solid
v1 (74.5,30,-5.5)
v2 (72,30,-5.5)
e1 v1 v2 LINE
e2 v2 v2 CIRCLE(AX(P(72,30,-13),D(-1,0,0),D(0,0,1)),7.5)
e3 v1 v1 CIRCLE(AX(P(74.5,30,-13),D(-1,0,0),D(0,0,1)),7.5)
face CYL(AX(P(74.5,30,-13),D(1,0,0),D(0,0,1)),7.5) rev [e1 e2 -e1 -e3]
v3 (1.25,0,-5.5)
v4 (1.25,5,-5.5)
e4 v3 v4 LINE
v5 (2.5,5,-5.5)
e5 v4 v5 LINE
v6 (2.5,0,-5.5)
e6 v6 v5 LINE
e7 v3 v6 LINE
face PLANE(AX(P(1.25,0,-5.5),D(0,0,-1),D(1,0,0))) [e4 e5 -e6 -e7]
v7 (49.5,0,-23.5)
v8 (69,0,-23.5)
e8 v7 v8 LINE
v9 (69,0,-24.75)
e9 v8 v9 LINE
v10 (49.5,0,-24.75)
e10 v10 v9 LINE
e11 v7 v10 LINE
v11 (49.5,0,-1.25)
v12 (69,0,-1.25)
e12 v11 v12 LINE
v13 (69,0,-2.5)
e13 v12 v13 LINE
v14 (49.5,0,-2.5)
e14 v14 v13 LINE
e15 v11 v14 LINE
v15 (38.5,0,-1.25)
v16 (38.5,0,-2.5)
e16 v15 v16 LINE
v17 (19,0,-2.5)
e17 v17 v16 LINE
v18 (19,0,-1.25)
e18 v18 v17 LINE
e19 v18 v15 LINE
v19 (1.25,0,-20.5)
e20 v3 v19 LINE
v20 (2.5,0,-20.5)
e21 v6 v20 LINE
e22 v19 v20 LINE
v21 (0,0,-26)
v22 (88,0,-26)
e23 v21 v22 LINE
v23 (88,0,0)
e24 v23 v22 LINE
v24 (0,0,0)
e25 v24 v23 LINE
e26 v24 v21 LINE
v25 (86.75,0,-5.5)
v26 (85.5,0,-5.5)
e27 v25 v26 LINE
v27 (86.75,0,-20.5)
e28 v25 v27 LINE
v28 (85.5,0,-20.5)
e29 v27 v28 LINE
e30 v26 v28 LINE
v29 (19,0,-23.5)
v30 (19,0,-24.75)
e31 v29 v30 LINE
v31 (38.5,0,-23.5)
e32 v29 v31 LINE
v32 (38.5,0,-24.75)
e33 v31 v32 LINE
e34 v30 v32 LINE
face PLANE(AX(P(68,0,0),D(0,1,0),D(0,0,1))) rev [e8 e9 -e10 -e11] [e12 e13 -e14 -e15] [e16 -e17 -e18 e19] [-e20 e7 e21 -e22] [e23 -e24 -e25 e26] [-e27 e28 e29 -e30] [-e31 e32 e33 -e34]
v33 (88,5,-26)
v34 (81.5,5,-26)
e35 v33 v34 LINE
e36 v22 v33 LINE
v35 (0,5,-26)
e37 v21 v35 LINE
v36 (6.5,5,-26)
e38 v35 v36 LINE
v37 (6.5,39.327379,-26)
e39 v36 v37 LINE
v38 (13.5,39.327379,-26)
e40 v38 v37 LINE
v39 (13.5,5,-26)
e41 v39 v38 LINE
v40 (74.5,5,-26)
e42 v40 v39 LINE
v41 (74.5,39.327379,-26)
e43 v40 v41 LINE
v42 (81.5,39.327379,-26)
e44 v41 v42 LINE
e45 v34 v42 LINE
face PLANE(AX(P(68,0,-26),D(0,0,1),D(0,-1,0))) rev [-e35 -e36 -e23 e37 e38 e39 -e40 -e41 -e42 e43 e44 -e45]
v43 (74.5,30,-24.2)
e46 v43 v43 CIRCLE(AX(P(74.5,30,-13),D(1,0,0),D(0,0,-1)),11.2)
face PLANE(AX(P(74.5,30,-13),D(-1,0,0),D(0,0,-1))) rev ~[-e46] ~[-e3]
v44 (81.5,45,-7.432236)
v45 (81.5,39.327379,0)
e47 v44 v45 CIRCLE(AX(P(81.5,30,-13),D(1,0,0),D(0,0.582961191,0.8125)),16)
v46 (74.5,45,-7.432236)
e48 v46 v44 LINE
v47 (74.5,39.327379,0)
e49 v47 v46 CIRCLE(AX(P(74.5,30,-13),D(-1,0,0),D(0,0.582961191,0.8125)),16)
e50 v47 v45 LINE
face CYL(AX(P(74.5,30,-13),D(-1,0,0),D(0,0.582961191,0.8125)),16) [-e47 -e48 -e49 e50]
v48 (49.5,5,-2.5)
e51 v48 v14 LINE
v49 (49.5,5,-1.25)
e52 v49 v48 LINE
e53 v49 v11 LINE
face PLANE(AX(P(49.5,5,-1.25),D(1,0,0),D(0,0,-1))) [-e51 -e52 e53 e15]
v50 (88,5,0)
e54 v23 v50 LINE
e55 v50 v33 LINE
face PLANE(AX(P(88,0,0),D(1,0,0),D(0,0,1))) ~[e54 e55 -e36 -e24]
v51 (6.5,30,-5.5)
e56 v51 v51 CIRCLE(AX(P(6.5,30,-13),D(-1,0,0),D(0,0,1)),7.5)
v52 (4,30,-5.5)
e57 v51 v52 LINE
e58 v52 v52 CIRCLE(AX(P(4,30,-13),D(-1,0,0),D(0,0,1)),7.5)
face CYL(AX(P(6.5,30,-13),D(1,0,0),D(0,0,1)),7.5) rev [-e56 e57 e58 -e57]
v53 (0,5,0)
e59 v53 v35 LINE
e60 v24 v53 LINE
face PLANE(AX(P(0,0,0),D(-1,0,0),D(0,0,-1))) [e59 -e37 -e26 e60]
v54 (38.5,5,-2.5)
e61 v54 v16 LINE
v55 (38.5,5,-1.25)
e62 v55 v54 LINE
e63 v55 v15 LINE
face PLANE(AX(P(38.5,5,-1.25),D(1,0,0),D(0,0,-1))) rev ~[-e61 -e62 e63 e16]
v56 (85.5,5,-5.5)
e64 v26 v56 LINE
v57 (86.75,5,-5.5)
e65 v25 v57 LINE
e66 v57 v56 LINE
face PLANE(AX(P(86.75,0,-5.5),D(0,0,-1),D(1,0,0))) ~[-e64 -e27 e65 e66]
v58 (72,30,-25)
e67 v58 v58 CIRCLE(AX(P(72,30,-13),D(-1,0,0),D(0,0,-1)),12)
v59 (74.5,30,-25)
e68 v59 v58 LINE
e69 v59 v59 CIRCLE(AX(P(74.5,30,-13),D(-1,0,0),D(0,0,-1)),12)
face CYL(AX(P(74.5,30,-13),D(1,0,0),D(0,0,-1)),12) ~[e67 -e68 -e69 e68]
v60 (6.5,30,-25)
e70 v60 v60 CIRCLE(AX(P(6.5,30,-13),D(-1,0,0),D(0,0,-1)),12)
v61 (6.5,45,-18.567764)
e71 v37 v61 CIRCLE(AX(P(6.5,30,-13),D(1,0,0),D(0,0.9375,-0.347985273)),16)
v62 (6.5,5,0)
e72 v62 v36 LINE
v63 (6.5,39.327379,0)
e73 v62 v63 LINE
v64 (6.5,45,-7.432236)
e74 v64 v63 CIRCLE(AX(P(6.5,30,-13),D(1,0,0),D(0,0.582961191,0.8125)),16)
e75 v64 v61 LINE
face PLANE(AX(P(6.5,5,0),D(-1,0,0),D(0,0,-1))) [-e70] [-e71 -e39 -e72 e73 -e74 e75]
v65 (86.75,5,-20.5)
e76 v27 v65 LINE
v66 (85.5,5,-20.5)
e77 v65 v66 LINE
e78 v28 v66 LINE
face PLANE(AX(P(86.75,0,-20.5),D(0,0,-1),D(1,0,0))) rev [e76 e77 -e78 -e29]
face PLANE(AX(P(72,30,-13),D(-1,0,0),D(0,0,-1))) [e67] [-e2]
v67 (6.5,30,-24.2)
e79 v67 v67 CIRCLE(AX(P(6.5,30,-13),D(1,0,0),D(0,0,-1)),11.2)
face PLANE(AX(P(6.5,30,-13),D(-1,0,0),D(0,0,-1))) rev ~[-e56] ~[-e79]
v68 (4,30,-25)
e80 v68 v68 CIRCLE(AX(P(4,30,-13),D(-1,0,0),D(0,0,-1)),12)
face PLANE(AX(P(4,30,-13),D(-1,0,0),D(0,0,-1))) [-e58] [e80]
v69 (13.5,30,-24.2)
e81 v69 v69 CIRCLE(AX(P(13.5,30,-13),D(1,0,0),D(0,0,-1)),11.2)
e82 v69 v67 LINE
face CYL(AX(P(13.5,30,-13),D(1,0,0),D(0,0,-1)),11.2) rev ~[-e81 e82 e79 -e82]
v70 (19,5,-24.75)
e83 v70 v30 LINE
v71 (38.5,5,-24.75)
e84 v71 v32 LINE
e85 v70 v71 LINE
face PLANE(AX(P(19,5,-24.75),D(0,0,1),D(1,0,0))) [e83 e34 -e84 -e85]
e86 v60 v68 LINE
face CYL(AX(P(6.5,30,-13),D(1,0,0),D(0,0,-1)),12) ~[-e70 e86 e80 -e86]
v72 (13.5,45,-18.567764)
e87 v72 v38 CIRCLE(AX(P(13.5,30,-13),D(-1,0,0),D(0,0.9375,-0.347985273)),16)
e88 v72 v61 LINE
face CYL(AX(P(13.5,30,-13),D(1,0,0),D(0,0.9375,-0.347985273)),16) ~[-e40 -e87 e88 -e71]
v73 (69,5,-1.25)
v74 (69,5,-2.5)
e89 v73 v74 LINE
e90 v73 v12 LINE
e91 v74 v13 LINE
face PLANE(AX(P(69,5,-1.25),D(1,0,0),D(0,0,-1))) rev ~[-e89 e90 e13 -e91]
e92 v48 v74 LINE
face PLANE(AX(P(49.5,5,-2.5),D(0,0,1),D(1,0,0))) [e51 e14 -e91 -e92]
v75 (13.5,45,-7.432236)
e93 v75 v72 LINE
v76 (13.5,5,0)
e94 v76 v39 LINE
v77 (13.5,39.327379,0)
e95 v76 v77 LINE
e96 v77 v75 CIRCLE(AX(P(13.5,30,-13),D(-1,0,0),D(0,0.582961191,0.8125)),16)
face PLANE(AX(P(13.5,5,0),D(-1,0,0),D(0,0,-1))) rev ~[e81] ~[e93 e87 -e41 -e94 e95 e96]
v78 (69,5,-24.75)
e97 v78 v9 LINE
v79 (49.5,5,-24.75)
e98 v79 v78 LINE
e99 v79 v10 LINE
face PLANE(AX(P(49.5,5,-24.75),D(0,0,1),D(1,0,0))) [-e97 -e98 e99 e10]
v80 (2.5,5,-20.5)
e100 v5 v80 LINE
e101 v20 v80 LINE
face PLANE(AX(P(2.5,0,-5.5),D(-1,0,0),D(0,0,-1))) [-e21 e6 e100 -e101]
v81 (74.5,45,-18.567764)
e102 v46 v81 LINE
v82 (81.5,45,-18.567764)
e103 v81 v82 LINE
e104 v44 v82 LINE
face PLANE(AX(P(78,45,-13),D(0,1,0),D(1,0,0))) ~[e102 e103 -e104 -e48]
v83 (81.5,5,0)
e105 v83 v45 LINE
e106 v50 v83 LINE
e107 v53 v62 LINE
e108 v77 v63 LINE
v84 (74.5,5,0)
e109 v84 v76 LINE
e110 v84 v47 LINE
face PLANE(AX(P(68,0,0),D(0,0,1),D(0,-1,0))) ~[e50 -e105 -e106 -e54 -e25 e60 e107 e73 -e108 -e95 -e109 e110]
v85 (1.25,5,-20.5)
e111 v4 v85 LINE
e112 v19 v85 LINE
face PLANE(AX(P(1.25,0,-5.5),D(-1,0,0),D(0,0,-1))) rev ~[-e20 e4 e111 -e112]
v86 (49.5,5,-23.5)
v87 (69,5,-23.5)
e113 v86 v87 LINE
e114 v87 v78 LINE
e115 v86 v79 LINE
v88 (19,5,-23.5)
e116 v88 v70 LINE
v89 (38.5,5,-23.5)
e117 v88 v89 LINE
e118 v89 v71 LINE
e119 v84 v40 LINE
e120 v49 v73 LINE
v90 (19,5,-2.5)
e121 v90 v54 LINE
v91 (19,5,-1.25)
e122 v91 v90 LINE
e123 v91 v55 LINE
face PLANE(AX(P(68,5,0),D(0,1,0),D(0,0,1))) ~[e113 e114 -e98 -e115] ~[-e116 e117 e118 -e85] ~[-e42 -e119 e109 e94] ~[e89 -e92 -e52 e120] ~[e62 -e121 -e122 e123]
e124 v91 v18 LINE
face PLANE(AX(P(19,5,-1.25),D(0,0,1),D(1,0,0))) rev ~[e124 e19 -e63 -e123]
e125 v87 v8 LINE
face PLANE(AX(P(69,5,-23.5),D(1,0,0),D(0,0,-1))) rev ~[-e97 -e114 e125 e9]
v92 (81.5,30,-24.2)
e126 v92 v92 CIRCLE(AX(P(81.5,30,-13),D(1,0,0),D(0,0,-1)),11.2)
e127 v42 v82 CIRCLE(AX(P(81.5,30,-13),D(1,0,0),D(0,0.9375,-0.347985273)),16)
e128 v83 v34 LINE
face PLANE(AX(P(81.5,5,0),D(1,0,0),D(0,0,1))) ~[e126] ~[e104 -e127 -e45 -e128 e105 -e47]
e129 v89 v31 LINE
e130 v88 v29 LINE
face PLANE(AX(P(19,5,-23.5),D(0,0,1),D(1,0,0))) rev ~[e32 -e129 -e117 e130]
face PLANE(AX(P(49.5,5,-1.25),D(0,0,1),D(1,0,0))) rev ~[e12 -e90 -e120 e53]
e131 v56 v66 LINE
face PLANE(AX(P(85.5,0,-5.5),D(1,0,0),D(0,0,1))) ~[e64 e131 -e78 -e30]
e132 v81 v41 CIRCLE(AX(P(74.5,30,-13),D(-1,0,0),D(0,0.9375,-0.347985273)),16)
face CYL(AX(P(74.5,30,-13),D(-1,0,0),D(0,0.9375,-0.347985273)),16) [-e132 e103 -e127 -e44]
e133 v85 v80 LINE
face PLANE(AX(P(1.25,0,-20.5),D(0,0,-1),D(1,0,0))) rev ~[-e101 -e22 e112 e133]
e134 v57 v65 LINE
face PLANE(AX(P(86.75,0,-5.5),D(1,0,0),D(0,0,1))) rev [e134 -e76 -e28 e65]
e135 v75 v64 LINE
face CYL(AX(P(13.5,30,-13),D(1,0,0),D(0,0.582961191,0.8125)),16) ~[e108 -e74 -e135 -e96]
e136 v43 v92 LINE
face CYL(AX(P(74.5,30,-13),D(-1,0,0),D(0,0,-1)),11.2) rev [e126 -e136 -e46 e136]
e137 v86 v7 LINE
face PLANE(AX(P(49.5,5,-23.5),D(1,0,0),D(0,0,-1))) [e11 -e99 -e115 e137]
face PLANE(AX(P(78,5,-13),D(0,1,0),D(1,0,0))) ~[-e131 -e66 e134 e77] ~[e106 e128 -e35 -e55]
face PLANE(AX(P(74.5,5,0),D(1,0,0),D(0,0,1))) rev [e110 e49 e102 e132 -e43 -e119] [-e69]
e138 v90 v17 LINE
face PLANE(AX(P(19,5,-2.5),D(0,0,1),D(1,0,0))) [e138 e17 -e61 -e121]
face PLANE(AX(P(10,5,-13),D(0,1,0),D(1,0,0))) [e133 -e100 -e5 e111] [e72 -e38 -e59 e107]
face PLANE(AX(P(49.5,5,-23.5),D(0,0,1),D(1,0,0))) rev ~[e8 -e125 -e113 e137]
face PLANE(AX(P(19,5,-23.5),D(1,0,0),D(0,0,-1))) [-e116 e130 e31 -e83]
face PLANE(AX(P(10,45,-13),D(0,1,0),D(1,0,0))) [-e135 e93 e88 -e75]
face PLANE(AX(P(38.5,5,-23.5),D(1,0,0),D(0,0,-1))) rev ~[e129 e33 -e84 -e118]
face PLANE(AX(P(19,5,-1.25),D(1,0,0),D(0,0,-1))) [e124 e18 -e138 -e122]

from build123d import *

# Parameters (mm, degrees)
SKETCH1_W            = 20
SKETCH1_H            = 26
SKETCH1_W_2          = 1.25
SKETCH1_H_2          = 15
BOSS_EXTRUDE5_DEPTH  = 5
SKETCH3_W            = 7
SKETCH3_H            = 26
BOSS_EXTRUDE6_DEPTH  = 40
CUT_EXTRUDE1_REACH   = 55.696
SKETCH5_R            = 11.2
SKETCH6_W            = 26
SKETCH6_H            = 5
BOSS_EXTRUDE8_DEPTH  = 24
CUT_EXTRUDE2_REACH   = 102.1
SKETCH7_W            = 19.5
SKETCH7_H            = 1.25
SKETCH8_R            = 12
SKETCH8_R_2          = 7.5
BOSS_EXTRUDE9_DEPTH  = 2.5
SKETCH9_R            = 12
SKETCH9_R_2          = 7.5
BOSS_EXTRUDE10_DEPTH = 2.5


with BuildPart() as part:
    # Sketch1 → Boss-Extrude5 (new body)
    with BuildSketch(Plane(origin=(0, 0, 0), x_dir=(1, 0, 0), z_dir=(0, 1, 0))):
        with Locations((10, 13)):
            Rectangle(SKETCH1_W, SKETCH1_H)
        with Locations((1.875, 13)):
            Rectangle(SKETCH1_W_2, SKETCH1_H_2, mode=Mode.SUBTRACT)
    boss_extrude5 = extrude(amount=BOSS_EXTRUDE5_DEPTH)

    # Sketch3 → Boss-Extrude6 (add)
    with BuildSketch(Plane(origin=(0, 5, 0), x_dir=(1, 0, 0), z_dir=(0, 1, 0))):
        with Locations((10, 13)):
            Rectangle(SKETCH3_W, SKETCH3_H)
    boss_extrude6 = extrude(amount=BOSS_EXTRUDE6_DEPTH)

    # Sketch5 → Cut-Extrude1 (cut, up to next)
    with BuildSketch(Plane(origin=(13.5, 0, 0), x_dir=(0, 0, -1), z_dir=(1, 0, 0)), mode=Mode.PRIVATE) as cut_extrude1_sk1:
        with Locations((13, 30)):
            Circle(SKETCH5_R)
    cut_extrude1_tool1 = extrude(cut_extrude1_sk1.sketch, amount=-CUT_EXTRUDE1_REACH, mode=Mode.PRIVATE) & part.part
    # Sketch5 → Cut-Extrude1 (cut, up to next)
    with BuildSketch(Plane(origin=(13.5, 0, 0), x_dir=(0, 0, -1), z_dir=(1, 0, 0)), mode=Mode.PRIVATE) as cut_extrude1_sk2:
        with BuildLine():
            Line((7.432235637, 45), (0, 45))
            Line((0, 45), (0, 39.327379053))
            ThreePointArc((0, 39.327379053), (3.292522189, 42.718682107), (7.432235637, 45))
        make_face()
    cut_extrude1_tool2 = extrude(cut_extrude1_sk2.sketch, amount=-CUT_EXTRUDE1_REACH, mode=Mode.PRIVATE) & part.part
    # Sketch5 → Cut-Extrude1 (cut, up to next)
    with BuildSketch(Plane(origin=(13.5, 0, 0), x_dir=(0, 0, -1), z_dir=(1, 0, 0)), mode=Mode.PRIVATE) as cut_extrude1_sk3:
        with BuildLine():
            Line((26, 39.327379053), (26, 45))
            Line((26, 45), (18.567764363, 45))
            ThreePointArc((18.567764363, 45), (22.707477811, 42.718682107), (26, 39.327379053))
        make_face()
    cut_extrude1_tool3 = extrude(cut_extrude1_sk3.sketch, amount=-CUT_EXTRUDE1_REACH, mode=Mode.PRIVATE) & part.part
    cut_extrude1_1 = cut_extrude1_tool1.solids().sort_by_distance((13.5, 30, -13))[0]
    add(cut_extrude1_1, mode=Mode.SUBTRACT)
    cut_extrude1_2 = cut_extrude1_tool2.solids().sort_by_distance((13.5, 43.298273, -2.197768))[0]
    add(cut_extrude1_2, mode=Mode.SUBTRACT)
    cut_extrude1_3 = cut_extrude1_tool3.solids().sort_by_distance((13.5, 43.298273, -23.802232))[0]
    add(cut_extrude1_3, mode=Mode.SUBTRACT)
    cut_extrude1 = cut_extrude1_1 + cut_extrude1_2 + cut_extrude1_3  # Cut-Extrude1 as one shape, for the pattern or mirror that repeats it

    # Sketch6 → Boss-Extrude8 (add)
    with BuildSketch(Plane(origin=(20, 0, 0), x_dir=(0, 0, -1), z_dir=(1, 0, 0))):
        with Locations((13, 2.5)):
            Rectangle(SKETCH6_W, SKETCH6_H)
    boss_extrude8 = extrude(amount=BOSS_EXTRUDE8_DEPTH)

    # Mirror5: Boss-Extrude5, Boss-Extrude6, Cut-Extrude1, Boss-Extrude8 across plane
    add(boss_extrude5.mirror(Plane.ZY.offset(-44)))
    add(boss_extrude6.mirror(Plane.ZY.offset(-44)))
    add(cut_extrude1.mirror(Plane.ZY.offset(-44)), mode=Mode.SUBTRACT)
    add(boss_extrude8.mirror(Plane.ZY.offset(-44)))

    # Sketch7 → Cut-Extrude2 (cut, up to next)
    with BuildSketch(Plane(origin=(0, 5, 0), x_dir=(1, 0, 0), z_dir=(0, 1, 0)), mode=Mode.PRIVATE) as cut_extrude2_sk1:
        with Locations((28.75, 1.875)):
            Rectangle(SKETCH7_W, SKETCH7_H)
    cut_extrude2_tool1 = extrude(cut_extrude2_sk1.sketch, amount=-CUT_EXTRUDE2_REACH, mode=Mode.PRIVATE) & part.part
    # Sketch7 → Cut-Extrude2 (cut, up to next)
    with BuildSketch(Plane(origin=(0, 5, 0), x_dir=(1, 0, 0), z_dir=(0, 1, 0)), mode=Mode.PRIVATE) as cut_extrude2_sk2:
        with Locations((59.25, 1.875)):
            Rectangle(SKETCH7_W, SKETCH7_H)
    cut_extrude2_tool2 = extrude(cut_extrude2_sk2.sketch, amount=-CUT_EXTRUDE2_REACH, mode=Mode.PRIVATE) & part.part
    # Sketch7 → Cut-Extrude2 (cut, up to next)
    with BuildSketch(Plane(origin=(0, 5, 0), x_dir=(1, 0, 0), z_dir=(0, 1, 0)), mode=Mode.PRIVATE) as cut_extrude2_sk3:
        with Locations((59.25, 24.125)):
            Rectangle(SKETCH7_W, SKETCH7_H)
    cut_extrude2_tool3 = extrude(cut_extrude2_sk3.sketch, amount=-CUT_EXTRUDE2_REACH, mode=Mode.PRIVATE) & part.part
    # Sketch7 → Cut-Extrude2 (cut, up to next)
    with BuildSketch(Plane(origin=(0, 5, 0), x_dir=(1, 0, 0), z_dir=(0, 1, 0)), mode=Mode.PRIVATE) as cut_extrude2_sk4:
        with Locations((28.75, 24.125)):
            Rectangle(SKETCH7_W, SKETCH7_H)
    cut_extrude2_tool4 = extrude(cut_extrude2_sk4.sketch, amount=-CUT_EXTRUDE2_REACH, mode=Mode.PRIVATE) & part.part
    add(cut_extrude2_tool1.solids().sort_by_distance((28.75, 5, -1.875))[0], mode=Mode.SUBTRACT)
    add(cut_extrude2_tool2.solids().sort_by_distance((59.25, 5, -1.875))[0], mode=Mode.SUBTRACT)
    add(cut_extrude2_tool3.solids().sort_by_distance((59.25, 5, -24.125))[0], mode=Mode.SUBTRACT)
    add(cut_extrude2_tool4.solids().sort_by_distance((28.75, 5, -24.125))[0], mode=Mode.SUBTRACT)

    # Sketch8 → Boss-Extrude9 (add)
    with BuildSketch(Plane.ZY.offset(-6.5)):
        with Locations(Location((-13, 30, 0), (0, 0, 180))):
            Circle(SKETCH8_R)
        with Locations((-13, 30)):
            Circle(SKETCH8_R_2, mode=Mode.SUBTRACT)
    extrude(amount=BOSS_EXTRUDE9_DEPTH)

    # Sketch9 → Boss-Extrude10 (add)
    with BuildSketch(Plane.ZY.offset(-74.5)):
        with Locations(Location((-13, 30, 0), (0, 0, 180))):
            Circle(SKETCH9_R)
        with Locations((-13, 30)):
            Circle(SKETCH9_R_2, mode=Mode.SUBTRACT)
    extrude(amount=BOSS_EXTRUDE10_DEPTH)


solid = part.part
